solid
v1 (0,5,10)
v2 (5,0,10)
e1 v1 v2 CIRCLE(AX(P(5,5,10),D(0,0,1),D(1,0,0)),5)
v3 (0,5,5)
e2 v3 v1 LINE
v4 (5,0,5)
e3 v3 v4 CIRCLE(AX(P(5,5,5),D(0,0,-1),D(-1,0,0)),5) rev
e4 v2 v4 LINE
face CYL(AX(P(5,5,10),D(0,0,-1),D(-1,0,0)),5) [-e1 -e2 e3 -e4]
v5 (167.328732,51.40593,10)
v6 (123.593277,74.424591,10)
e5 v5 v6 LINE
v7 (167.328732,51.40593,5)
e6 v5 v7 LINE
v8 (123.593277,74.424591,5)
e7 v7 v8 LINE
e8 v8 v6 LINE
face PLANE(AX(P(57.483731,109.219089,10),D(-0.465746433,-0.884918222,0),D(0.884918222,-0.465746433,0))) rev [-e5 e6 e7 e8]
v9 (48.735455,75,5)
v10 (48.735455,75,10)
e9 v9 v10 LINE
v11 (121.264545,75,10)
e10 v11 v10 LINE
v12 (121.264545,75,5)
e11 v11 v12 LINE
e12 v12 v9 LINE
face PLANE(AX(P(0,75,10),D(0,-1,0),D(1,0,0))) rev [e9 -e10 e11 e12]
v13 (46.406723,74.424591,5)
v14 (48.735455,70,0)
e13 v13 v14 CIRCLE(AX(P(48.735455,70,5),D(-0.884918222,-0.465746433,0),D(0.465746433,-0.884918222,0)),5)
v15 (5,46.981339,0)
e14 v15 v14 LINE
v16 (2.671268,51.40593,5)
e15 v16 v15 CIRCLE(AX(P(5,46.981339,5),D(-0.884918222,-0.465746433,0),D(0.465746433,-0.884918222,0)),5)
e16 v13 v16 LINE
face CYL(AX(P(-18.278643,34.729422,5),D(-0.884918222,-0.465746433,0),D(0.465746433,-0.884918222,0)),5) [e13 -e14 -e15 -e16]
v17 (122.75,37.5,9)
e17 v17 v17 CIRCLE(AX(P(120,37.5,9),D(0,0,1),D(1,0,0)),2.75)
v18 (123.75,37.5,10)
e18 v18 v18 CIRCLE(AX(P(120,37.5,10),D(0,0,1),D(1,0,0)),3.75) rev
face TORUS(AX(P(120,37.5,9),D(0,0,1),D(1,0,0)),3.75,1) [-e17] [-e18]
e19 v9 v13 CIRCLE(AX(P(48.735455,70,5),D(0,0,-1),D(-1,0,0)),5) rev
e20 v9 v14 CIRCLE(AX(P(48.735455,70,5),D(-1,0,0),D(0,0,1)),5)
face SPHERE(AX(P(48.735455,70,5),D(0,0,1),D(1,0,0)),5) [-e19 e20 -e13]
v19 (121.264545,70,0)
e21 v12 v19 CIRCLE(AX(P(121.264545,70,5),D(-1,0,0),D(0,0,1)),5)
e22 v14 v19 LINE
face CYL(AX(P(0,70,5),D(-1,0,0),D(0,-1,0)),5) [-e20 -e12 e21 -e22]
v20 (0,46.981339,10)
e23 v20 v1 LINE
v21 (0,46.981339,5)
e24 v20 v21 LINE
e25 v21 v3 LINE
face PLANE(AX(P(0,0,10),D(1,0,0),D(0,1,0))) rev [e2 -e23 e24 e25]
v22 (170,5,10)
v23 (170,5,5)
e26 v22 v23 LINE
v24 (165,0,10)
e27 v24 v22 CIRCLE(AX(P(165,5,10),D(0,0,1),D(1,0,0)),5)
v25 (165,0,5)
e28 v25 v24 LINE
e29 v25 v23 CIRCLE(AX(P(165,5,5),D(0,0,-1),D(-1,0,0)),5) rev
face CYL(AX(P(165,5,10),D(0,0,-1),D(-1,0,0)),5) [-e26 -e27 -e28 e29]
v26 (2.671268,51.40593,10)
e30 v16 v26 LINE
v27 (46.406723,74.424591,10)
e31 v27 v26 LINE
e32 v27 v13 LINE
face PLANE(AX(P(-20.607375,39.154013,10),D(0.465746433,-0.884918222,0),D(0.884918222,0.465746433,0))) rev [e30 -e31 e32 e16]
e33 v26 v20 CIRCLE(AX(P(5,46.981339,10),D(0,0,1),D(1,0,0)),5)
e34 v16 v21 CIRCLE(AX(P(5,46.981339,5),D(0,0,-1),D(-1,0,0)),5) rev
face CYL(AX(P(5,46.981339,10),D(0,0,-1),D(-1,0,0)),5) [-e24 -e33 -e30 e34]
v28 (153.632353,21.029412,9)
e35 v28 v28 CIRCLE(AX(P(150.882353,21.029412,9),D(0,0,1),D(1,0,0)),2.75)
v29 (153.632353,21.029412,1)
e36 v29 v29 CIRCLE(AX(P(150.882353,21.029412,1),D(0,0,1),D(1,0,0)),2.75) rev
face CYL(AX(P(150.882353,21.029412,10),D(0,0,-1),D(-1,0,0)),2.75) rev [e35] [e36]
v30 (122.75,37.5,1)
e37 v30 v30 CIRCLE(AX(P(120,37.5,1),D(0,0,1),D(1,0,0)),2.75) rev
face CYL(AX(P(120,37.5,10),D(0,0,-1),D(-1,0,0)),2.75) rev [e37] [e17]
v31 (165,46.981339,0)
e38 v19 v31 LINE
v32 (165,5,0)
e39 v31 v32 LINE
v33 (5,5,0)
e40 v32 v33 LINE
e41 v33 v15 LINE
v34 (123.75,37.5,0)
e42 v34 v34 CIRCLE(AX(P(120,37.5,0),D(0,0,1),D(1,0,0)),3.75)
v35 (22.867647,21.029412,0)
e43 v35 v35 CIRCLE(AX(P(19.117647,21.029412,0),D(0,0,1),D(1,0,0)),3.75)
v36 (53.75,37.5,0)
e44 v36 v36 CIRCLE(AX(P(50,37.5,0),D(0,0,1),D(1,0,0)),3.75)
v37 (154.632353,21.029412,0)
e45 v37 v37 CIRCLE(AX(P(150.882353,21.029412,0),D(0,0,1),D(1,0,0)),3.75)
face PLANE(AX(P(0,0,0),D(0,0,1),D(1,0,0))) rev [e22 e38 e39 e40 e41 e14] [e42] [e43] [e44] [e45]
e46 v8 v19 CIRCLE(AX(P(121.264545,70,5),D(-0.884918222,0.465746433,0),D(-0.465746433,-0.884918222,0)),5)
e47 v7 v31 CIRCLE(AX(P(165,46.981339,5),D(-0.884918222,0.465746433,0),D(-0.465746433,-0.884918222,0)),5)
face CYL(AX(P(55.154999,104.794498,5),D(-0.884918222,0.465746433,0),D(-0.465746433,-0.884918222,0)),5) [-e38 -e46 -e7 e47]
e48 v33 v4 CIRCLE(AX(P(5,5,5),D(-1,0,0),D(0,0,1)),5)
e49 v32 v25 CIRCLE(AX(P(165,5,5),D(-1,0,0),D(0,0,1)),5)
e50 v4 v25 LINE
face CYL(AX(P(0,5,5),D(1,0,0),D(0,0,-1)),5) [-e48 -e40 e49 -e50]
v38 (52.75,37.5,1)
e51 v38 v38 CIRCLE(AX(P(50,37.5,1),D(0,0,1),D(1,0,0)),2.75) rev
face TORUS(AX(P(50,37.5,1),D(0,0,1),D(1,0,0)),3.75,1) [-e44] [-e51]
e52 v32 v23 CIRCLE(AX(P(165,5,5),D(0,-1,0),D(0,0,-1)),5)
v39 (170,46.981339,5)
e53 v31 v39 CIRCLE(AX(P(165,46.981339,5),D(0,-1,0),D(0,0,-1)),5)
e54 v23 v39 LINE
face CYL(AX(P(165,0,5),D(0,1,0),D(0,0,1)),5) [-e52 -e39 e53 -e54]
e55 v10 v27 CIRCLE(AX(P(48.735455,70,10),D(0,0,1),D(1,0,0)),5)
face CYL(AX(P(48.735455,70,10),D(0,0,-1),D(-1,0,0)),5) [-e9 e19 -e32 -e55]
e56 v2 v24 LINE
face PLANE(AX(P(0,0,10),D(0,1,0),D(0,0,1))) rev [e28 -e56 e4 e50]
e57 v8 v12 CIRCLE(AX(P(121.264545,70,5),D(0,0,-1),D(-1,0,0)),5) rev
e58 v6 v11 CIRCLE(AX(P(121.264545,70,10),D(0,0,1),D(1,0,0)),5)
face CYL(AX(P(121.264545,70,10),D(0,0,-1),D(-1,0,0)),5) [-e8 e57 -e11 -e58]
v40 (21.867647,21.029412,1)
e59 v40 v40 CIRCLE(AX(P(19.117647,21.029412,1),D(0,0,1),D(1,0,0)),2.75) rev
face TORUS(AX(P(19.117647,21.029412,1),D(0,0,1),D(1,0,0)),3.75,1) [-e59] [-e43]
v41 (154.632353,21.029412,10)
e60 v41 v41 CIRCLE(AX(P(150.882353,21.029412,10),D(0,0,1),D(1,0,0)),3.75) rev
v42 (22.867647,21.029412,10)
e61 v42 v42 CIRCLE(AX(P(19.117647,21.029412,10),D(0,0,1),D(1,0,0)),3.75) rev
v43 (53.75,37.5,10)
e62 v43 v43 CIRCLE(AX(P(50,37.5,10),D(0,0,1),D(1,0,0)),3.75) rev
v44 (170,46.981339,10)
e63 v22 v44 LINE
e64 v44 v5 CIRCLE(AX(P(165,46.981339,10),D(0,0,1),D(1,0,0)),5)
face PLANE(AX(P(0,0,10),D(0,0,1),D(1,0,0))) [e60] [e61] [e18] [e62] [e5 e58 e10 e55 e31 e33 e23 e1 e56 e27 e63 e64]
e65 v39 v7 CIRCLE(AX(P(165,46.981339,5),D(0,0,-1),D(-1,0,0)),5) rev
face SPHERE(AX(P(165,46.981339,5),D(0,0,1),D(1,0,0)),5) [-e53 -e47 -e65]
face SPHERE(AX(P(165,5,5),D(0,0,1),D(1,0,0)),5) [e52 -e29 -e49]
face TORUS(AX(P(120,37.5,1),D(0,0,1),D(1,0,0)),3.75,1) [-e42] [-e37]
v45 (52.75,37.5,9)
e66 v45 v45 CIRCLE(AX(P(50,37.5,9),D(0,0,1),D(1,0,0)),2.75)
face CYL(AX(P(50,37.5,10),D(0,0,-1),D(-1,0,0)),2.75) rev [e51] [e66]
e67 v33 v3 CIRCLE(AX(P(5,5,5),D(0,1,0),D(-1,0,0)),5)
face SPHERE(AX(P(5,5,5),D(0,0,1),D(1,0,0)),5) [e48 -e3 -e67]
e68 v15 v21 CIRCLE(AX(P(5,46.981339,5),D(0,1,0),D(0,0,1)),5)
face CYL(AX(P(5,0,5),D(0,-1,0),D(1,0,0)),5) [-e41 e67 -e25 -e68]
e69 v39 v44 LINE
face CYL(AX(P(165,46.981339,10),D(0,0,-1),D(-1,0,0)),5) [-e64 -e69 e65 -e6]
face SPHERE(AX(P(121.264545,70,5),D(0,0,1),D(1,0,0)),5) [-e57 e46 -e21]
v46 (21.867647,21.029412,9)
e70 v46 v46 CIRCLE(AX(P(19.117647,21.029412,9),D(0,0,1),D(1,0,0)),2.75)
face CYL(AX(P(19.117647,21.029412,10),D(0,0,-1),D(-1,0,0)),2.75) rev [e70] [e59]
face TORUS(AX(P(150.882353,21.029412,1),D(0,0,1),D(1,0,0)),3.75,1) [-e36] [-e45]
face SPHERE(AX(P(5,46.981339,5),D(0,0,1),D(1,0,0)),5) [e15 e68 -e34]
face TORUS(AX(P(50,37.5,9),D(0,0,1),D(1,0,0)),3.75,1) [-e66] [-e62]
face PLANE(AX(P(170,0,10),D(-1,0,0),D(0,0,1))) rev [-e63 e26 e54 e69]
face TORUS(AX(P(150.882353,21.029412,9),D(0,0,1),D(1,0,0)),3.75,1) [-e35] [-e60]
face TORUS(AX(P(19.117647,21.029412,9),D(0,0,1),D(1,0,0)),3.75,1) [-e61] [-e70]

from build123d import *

# Parameters (mm, degrees)
SKETCH2_R           = 2.75
SKETCH2_W           = 75
SKETCH2_H           = 25
BOSS_EXTRUDE1_DEPTH = 10
FILLET1_R           = 5
FILLET2_R           = 5
FILLET3_R           = 1


with BuildPart() as part:
    # Sketch2 → Boss-Extrude1 (new body)
    # profile 1 of 5: a face of its own
    with BuildSketch(Plane.XY):
        Polygon((0, 50), (0, 10), (170, 10), (170, 50), (122.5, 50), (47.5, 50), align=None)
        with Locations((19.117647059, 21.029411765)):
            Circle(SKETCH2_R, mode=Mode.SUBTRACT)
        with Locations((50, 37.5)):
            Circle(SKETCH2_R, mode=Mode.SUBTRACT)
        with Locations((150.882352941, 21.029411765)):
            Circle(SKETCH2_R, mode=Mode.SUBTRACT)
        with Locations((120, 37.5)):
            Circle(SKETCH2_R, mode=Mode.SUBTRACT)
    # profile 2 of 5: a face of its own
    with BuildSketch(Plane.XY):
        Polygon((47.5, 75), (0, 50), (47.5, 50), align=None)
    # profile 3 of 5: a face of its own
    with BuildSketch(Plane.XY):
        with Locations((85, 62.5)):
            Rectangle(SKETCH2_W, SKETCH2_H)
    # profile 4 of 5: a face of its own
    with BuildSketch(Plane.XY):
        Polygon((122.5, 50), (170, 50), (122.5, 75), align=None)
    # profile 5 of 5: a face of its own
    with BuildSketch(Plane.XY):
        Polygon((0, 10), (0, 0), (47.5, 0), (57.5, 0), (112.5, 0), (122.5, 0), (170, 0), (170, 10), align=None)
    extrude(amount=BOSS_EXTRUDE1_DEPTH)

    # Fillet1
    fillet1_edges = [part.edges().sort_by_distance(p)[0] for p in [
        (170, 0, 5),
        (0, 0, 5),
        (0, 50, 5),
        (47.5, 75, 5),
        (122.5, 75, 5),
        (170, 50, 5),
    ]]
    fillet(fillet1_edges, radius=FILLET1_R)

    # Fillet2
    fillet2_edges = [part.edges().sort_by_distance(p)[0] for p in [
        (170, 25.990669664, 0),
        (85, 0, 0),
        (0, 25.990669664, 0),
        (24.538995474, 62.915260776, 0),
        (85, 75, 0),
        (145.461004526, 62.915260776, 0),
        (0.71959927, 49.565554797, 0),
        (47.536071176, 74.854016665, 0),
        (122.463928824, 74.854016665, 0),
        (169.28040073, 49.565554797, 0),
        (1.464466094, 1.464466094, 0),
        (168.535533906, 1.464466094, 0),
    ]]
    fillet(fillet2_edges, radius=FILLET2_R)

    # Fillet3
    fillet3_edges = [part.edges().sort_by_distance(p)[0] for p in [
        (148.132352941, 21.029411765, 10),
        (47.25, 37.5, 0),
        (117.25, 37.5, 0),
        (148.132352941, 21.029411765, 0),
        (16.367647059, 21.029411765, 0),
        (117.25, 37.5, 10),
        (47.25, 37.5, 10),
        (16.367647059, 21.029411765, 10),
    ]]
    fillet(fillet3_edges, radius=FILLET3_R)


solid = part.part
